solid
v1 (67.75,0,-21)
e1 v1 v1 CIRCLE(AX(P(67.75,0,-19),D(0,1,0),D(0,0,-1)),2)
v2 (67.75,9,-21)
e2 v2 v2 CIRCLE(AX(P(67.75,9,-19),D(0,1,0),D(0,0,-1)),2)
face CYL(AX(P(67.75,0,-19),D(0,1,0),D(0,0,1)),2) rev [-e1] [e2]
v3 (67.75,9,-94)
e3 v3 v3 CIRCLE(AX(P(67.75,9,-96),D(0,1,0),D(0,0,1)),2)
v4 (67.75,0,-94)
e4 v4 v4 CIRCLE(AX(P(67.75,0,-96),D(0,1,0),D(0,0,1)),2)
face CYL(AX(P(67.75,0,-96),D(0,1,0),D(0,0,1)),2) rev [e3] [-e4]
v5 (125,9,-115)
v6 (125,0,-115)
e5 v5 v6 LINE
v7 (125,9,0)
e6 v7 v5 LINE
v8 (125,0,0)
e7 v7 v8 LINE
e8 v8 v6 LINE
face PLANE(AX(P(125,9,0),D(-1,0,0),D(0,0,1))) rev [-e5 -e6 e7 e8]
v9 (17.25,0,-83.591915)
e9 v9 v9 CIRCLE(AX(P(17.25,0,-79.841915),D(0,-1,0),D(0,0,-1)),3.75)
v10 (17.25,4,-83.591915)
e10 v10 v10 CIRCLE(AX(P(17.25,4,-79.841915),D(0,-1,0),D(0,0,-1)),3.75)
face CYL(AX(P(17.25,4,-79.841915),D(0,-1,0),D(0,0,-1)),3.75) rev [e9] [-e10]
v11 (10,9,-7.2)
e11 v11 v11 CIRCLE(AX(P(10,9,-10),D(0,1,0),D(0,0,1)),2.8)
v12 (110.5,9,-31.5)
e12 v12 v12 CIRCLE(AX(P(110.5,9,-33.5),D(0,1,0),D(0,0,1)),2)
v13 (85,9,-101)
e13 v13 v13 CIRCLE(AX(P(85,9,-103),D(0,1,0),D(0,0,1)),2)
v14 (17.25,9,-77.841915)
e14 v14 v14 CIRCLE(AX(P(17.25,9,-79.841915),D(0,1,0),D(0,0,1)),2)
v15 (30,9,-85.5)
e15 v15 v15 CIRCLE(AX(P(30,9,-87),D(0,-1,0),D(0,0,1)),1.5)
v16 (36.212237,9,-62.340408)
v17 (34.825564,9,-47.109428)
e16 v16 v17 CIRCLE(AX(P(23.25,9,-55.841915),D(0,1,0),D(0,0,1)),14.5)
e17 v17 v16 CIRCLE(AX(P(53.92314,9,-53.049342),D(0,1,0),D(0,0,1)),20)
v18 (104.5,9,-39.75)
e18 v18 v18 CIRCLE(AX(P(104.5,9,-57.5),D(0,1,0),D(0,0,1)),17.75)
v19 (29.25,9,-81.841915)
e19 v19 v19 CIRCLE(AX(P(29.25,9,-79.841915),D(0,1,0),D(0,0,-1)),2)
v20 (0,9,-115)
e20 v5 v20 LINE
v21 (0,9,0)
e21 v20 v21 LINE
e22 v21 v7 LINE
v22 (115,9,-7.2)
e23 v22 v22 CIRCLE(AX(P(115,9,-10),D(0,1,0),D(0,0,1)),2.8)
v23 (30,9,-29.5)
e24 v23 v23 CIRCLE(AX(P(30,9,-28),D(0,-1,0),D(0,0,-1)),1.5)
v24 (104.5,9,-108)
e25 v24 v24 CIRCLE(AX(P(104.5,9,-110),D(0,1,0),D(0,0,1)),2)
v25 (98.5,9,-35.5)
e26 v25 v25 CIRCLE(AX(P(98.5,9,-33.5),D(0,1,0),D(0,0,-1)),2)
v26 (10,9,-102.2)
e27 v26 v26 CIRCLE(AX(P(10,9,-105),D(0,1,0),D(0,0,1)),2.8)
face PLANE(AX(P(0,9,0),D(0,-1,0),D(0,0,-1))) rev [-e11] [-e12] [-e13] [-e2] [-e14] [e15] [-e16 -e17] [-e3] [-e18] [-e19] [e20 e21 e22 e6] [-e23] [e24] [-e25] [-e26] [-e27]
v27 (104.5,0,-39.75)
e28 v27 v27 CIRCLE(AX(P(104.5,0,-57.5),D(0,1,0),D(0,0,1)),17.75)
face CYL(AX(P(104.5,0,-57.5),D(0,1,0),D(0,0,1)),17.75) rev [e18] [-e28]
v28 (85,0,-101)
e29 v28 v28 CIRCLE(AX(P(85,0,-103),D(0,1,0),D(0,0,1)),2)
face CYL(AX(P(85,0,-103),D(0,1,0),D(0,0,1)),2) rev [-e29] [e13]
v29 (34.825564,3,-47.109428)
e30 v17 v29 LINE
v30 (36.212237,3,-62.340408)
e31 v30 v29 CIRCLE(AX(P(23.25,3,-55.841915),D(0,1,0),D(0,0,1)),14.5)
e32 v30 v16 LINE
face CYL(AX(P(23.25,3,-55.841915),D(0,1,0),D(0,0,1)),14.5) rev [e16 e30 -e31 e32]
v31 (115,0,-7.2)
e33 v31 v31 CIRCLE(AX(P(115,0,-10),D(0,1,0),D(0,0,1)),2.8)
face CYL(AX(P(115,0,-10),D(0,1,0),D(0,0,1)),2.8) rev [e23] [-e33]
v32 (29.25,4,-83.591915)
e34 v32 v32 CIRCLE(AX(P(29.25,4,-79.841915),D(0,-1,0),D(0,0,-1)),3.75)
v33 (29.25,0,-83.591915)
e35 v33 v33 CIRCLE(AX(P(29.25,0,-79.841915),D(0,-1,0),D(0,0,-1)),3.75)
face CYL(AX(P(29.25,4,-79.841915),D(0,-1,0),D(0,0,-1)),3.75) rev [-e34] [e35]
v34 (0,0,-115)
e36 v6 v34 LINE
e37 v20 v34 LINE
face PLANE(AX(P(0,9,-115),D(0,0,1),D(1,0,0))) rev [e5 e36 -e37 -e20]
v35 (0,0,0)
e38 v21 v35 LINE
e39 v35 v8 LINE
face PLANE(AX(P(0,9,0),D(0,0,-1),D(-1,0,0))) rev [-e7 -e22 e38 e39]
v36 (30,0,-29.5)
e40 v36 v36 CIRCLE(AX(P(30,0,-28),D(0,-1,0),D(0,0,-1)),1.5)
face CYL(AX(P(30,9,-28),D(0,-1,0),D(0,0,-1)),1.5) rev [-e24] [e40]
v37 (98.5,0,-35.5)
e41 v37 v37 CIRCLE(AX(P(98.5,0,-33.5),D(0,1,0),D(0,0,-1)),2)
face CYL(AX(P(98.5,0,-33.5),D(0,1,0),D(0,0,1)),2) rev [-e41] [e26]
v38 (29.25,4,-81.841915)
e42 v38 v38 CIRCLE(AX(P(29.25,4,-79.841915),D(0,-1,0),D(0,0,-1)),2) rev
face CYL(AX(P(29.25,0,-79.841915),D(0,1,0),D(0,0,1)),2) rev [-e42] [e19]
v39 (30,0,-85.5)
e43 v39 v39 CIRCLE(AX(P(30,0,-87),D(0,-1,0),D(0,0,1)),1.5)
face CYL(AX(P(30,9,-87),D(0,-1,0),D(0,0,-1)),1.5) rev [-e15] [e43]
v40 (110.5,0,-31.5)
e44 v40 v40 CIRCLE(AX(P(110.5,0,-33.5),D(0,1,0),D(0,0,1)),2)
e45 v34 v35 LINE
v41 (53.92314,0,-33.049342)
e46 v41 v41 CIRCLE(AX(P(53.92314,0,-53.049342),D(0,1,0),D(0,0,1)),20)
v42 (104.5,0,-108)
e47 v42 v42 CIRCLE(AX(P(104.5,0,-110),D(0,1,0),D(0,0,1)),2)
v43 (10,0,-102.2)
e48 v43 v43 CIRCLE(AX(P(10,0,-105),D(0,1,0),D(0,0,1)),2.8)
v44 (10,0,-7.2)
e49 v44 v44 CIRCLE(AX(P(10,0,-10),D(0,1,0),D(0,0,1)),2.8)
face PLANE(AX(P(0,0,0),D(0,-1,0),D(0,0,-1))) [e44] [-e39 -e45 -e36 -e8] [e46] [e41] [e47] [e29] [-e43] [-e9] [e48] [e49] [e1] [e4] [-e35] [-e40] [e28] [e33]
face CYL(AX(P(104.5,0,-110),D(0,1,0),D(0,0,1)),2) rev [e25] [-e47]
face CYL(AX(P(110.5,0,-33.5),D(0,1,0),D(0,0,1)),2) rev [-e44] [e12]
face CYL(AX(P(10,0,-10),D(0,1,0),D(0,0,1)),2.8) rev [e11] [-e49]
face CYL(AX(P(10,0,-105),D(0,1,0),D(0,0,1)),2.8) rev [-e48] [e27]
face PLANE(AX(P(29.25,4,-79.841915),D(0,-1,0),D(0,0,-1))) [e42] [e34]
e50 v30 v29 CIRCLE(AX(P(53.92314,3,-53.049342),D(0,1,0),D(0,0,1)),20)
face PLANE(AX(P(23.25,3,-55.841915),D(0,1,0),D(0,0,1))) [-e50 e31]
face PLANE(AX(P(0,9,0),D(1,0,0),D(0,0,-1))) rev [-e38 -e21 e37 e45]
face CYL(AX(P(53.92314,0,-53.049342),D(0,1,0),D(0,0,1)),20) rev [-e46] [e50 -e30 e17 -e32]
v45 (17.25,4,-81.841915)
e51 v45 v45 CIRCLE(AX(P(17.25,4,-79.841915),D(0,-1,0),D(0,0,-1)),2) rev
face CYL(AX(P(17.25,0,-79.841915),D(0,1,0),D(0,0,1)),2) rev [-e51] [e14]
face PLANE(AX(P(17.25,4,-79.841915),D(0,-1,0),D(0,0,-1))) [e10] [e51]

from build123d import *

# Parameters (mm, degrees)
SKETCH1_W                            = 125
SKETCH1_H                            = 115
TOP_BASE_DEPTH                       = 9
SKETCH5_R                            = 14.5
DRIVE_GEAR_EXTRUDE_CUT_DEPTH         = 6
SKETCH17_R                           = 20
INTERMEDIATE_GEAR_TOP_PART_CUT_DEPTH = 171.091152033
SKETCH8_R                            = 17.75
THUMB_EXTRUDE_CUT_DEPTH              = 171.091152033
SKETCH26_R                           = 1.5
STRING_HOLES_DEPTH                   = 171.091152033
THUMB_MOUNT_HOLES_R                  = 2
THUMB_MOUNT_HOLES_M4_DEPTH           = 171.091152033
FINGERS_MOUNT_HOLES_R                = 2
FINGERS_MOUNT_HOLES_M4_DEPTH         = 171.091152033
CONNECT_HOLES_POSITION_R             = 2.8
CONNECT_HOLES_M6_DEPTH               = 171.091152033
SKETCH27_R                           = 3.75
XL320_NUT_M4_DEPTH                   = 4


with BuildPart() as part:
    # Sketch1 → Top_Base (new body)
    with BuildSketch(Plane(origin=(0, 0, 0), x_dir=(1, 0, 0), z_dir=(0, 1, 0))):
        with Locations((62.5, 57.5)):
            Rectangle(SKETCH1_W, SKETCH1_H)
    extrude(amount=TOP_BASE_DEPTH)

    # Sketch5 → Drive_Gear_Extrude_Cut (cut)
    with BuildSketch(Plane(origin=(0, 9, 0), x_dir=(1, 0, 0), z_dir=(0, 1, 0))):
        with Locations(Location((23.25, 55.841914565, 0), (0, 0, 270))):
            Circle(SKETCH5_R)
    extrude(amount=-DRIVE_GEAR_EXTRUDE_CUT_DEPTH, mode=Mode.SUBTRACT)

    # Sketch17 → Intermediate_Gear_Top_Part_Cut (cut, through all)
    with BuildSketch(Plane(origin=(0, 9, 0), x_dir=(1, 0, 0), z_dir=(0, 1, 0))):
        with Locations(Location((53.923140352, 53.049342105, 0), (0, 0, 270))):
            Circle(SKETCH17_R)
    extrude(amount=-INTERMEDIATE_GEAR_TOP_PART_CUT_DEPTH, mode=Mode.SUBTRACT)

    # Sketch8 → Thumb_Extrude_Cut (cut, through all)
    with BuildSketch(Plane(origin=(0, 9, 0), x_dir=(1, 0, 0), z_dir=(0, 1, 0))):
        with Locations(Location((104.5, 57.5, 0), (0, 0, 270))):
            Circle(SKETCH8_R)
    extrude(amount=-THUMB_EXTRUDE_CUT_DEPTH, mode=Mode.SUBTRACT)

    # Sketch26 → String_Holes (cut, through all)
    with BuildSketch(Plane.XZ):
        with Locations(Location((30, -28, 0), (0, 0, 270))):
            Circle(SKETCH26_R)
        with Locations(Location((30, -87, 0), (0, 0, 90))):
            Circle(SKETCH26_R)
    extrude(amount=-STRING_HOLES_DEPTH, mode=Mode.SUBTRACT)

    # Thumb_Mount_Holes → Thumb_Mount_Holes_(M4) (cut, through all)
    with BuildSketch(Plane(origin=(0, 9, 0), x_dir=(1, 0, 0), z_dir=(0, 1, 0))):
        with Locations(Location((104.5, 110, 0), (0, 0, 270))):
            Circle(THUMB_MOUNT_HOLES_R)
        with Locations(Location((85, 103, 0), (0, 0, 270))):
            Circle(THUMB_MOUNT_HOLES_R)
        with Locations(Location((110.5, 33.5, 0), (0, 0, 270))):
            Circle(THUMB_MOUNT_HOLES_R)
        with Locations(Location((98.5, 33.5, 0), (0, 0, 90))):
            Circle(THUMB_MOUNT_HOLES_R)
    extrude(amount=-THUMB_MOUNT_HOLES_M4_DEPTH, mode=Mode.SUBTRACT)

    # Fingers_Mount_Holes → Fingers_Mount_Holes_(M4) (cut, through all)
    with BuildSketch(Plane(origin=(0, 9, 0), x_dir=(1, 0, 0), z_dir=(0, 1, 0))):
        with Locations(Location((67.75, 96, 0), (0, 0, 270))):
            Circle(FINGERS_MOUNT_HOLES_R)
        with Locations(Location((67.75, 19, 0), (0, 0, 90))):
            Circle(FINGERS_MOUNT_HOLES_R)
        with Locations(Location((17.25, 79.841914565, 0), (0, 0, 270))):
            Circle(FINGERS_MOUNT_HOLES_R)
        with Locations(Location((29.25, 79.841914565, 0), (0, 0, 90))):
            Circle(FINGERS_MOUNT_HOLES_R)
    extrude(amount=-FINGERS_MOUNT_HOLES_M4_DEPTH, mode=Mode.SUBTRACT)

    # Connect_Holes_Position → Connect_Holes_(M6) (cut, through all)
    with BuildSketch(Plane(origin=(0, 9, 0), x_dir=(1, 0, 0), z_dir=(0, 1, 0))):
        with Locations(Location((10, 105, 0), (0, 0, 270))):
            Circle(CONNECT_HOLES_POSITION_R)
        with Locations(Location((115, 10, 0), (0, 0, 270))):
            Circle(CONNECT_HOLES_POSITION_R)
        with Locations(Location((10, 10, 0), (0, 0, 270))):
            Circle(CONNECT_HOLES_POSITION_R)
    extrude(amount=-CONNECT_HOLES_M6_DEPTH, mode=Mode.SUBTRACT)

    # Sketch27 → XL320_Nut_(M4) (cut)
    with BuildSketch(Plane.XZ):
        with Locations(Location((29.25, -79.841914565, 0), (0, 0, 270))):
            Circle(SKETCH27_R)
        with Locations(Location((17.25, -79.841914565, 0), (0, 0, 270))):
            Circle(SKETCH27_R)
    extrude(amount=-XL320_NUT_M4_DEPTH, mode=Mode.SUBTRACT)


solid = part.part
